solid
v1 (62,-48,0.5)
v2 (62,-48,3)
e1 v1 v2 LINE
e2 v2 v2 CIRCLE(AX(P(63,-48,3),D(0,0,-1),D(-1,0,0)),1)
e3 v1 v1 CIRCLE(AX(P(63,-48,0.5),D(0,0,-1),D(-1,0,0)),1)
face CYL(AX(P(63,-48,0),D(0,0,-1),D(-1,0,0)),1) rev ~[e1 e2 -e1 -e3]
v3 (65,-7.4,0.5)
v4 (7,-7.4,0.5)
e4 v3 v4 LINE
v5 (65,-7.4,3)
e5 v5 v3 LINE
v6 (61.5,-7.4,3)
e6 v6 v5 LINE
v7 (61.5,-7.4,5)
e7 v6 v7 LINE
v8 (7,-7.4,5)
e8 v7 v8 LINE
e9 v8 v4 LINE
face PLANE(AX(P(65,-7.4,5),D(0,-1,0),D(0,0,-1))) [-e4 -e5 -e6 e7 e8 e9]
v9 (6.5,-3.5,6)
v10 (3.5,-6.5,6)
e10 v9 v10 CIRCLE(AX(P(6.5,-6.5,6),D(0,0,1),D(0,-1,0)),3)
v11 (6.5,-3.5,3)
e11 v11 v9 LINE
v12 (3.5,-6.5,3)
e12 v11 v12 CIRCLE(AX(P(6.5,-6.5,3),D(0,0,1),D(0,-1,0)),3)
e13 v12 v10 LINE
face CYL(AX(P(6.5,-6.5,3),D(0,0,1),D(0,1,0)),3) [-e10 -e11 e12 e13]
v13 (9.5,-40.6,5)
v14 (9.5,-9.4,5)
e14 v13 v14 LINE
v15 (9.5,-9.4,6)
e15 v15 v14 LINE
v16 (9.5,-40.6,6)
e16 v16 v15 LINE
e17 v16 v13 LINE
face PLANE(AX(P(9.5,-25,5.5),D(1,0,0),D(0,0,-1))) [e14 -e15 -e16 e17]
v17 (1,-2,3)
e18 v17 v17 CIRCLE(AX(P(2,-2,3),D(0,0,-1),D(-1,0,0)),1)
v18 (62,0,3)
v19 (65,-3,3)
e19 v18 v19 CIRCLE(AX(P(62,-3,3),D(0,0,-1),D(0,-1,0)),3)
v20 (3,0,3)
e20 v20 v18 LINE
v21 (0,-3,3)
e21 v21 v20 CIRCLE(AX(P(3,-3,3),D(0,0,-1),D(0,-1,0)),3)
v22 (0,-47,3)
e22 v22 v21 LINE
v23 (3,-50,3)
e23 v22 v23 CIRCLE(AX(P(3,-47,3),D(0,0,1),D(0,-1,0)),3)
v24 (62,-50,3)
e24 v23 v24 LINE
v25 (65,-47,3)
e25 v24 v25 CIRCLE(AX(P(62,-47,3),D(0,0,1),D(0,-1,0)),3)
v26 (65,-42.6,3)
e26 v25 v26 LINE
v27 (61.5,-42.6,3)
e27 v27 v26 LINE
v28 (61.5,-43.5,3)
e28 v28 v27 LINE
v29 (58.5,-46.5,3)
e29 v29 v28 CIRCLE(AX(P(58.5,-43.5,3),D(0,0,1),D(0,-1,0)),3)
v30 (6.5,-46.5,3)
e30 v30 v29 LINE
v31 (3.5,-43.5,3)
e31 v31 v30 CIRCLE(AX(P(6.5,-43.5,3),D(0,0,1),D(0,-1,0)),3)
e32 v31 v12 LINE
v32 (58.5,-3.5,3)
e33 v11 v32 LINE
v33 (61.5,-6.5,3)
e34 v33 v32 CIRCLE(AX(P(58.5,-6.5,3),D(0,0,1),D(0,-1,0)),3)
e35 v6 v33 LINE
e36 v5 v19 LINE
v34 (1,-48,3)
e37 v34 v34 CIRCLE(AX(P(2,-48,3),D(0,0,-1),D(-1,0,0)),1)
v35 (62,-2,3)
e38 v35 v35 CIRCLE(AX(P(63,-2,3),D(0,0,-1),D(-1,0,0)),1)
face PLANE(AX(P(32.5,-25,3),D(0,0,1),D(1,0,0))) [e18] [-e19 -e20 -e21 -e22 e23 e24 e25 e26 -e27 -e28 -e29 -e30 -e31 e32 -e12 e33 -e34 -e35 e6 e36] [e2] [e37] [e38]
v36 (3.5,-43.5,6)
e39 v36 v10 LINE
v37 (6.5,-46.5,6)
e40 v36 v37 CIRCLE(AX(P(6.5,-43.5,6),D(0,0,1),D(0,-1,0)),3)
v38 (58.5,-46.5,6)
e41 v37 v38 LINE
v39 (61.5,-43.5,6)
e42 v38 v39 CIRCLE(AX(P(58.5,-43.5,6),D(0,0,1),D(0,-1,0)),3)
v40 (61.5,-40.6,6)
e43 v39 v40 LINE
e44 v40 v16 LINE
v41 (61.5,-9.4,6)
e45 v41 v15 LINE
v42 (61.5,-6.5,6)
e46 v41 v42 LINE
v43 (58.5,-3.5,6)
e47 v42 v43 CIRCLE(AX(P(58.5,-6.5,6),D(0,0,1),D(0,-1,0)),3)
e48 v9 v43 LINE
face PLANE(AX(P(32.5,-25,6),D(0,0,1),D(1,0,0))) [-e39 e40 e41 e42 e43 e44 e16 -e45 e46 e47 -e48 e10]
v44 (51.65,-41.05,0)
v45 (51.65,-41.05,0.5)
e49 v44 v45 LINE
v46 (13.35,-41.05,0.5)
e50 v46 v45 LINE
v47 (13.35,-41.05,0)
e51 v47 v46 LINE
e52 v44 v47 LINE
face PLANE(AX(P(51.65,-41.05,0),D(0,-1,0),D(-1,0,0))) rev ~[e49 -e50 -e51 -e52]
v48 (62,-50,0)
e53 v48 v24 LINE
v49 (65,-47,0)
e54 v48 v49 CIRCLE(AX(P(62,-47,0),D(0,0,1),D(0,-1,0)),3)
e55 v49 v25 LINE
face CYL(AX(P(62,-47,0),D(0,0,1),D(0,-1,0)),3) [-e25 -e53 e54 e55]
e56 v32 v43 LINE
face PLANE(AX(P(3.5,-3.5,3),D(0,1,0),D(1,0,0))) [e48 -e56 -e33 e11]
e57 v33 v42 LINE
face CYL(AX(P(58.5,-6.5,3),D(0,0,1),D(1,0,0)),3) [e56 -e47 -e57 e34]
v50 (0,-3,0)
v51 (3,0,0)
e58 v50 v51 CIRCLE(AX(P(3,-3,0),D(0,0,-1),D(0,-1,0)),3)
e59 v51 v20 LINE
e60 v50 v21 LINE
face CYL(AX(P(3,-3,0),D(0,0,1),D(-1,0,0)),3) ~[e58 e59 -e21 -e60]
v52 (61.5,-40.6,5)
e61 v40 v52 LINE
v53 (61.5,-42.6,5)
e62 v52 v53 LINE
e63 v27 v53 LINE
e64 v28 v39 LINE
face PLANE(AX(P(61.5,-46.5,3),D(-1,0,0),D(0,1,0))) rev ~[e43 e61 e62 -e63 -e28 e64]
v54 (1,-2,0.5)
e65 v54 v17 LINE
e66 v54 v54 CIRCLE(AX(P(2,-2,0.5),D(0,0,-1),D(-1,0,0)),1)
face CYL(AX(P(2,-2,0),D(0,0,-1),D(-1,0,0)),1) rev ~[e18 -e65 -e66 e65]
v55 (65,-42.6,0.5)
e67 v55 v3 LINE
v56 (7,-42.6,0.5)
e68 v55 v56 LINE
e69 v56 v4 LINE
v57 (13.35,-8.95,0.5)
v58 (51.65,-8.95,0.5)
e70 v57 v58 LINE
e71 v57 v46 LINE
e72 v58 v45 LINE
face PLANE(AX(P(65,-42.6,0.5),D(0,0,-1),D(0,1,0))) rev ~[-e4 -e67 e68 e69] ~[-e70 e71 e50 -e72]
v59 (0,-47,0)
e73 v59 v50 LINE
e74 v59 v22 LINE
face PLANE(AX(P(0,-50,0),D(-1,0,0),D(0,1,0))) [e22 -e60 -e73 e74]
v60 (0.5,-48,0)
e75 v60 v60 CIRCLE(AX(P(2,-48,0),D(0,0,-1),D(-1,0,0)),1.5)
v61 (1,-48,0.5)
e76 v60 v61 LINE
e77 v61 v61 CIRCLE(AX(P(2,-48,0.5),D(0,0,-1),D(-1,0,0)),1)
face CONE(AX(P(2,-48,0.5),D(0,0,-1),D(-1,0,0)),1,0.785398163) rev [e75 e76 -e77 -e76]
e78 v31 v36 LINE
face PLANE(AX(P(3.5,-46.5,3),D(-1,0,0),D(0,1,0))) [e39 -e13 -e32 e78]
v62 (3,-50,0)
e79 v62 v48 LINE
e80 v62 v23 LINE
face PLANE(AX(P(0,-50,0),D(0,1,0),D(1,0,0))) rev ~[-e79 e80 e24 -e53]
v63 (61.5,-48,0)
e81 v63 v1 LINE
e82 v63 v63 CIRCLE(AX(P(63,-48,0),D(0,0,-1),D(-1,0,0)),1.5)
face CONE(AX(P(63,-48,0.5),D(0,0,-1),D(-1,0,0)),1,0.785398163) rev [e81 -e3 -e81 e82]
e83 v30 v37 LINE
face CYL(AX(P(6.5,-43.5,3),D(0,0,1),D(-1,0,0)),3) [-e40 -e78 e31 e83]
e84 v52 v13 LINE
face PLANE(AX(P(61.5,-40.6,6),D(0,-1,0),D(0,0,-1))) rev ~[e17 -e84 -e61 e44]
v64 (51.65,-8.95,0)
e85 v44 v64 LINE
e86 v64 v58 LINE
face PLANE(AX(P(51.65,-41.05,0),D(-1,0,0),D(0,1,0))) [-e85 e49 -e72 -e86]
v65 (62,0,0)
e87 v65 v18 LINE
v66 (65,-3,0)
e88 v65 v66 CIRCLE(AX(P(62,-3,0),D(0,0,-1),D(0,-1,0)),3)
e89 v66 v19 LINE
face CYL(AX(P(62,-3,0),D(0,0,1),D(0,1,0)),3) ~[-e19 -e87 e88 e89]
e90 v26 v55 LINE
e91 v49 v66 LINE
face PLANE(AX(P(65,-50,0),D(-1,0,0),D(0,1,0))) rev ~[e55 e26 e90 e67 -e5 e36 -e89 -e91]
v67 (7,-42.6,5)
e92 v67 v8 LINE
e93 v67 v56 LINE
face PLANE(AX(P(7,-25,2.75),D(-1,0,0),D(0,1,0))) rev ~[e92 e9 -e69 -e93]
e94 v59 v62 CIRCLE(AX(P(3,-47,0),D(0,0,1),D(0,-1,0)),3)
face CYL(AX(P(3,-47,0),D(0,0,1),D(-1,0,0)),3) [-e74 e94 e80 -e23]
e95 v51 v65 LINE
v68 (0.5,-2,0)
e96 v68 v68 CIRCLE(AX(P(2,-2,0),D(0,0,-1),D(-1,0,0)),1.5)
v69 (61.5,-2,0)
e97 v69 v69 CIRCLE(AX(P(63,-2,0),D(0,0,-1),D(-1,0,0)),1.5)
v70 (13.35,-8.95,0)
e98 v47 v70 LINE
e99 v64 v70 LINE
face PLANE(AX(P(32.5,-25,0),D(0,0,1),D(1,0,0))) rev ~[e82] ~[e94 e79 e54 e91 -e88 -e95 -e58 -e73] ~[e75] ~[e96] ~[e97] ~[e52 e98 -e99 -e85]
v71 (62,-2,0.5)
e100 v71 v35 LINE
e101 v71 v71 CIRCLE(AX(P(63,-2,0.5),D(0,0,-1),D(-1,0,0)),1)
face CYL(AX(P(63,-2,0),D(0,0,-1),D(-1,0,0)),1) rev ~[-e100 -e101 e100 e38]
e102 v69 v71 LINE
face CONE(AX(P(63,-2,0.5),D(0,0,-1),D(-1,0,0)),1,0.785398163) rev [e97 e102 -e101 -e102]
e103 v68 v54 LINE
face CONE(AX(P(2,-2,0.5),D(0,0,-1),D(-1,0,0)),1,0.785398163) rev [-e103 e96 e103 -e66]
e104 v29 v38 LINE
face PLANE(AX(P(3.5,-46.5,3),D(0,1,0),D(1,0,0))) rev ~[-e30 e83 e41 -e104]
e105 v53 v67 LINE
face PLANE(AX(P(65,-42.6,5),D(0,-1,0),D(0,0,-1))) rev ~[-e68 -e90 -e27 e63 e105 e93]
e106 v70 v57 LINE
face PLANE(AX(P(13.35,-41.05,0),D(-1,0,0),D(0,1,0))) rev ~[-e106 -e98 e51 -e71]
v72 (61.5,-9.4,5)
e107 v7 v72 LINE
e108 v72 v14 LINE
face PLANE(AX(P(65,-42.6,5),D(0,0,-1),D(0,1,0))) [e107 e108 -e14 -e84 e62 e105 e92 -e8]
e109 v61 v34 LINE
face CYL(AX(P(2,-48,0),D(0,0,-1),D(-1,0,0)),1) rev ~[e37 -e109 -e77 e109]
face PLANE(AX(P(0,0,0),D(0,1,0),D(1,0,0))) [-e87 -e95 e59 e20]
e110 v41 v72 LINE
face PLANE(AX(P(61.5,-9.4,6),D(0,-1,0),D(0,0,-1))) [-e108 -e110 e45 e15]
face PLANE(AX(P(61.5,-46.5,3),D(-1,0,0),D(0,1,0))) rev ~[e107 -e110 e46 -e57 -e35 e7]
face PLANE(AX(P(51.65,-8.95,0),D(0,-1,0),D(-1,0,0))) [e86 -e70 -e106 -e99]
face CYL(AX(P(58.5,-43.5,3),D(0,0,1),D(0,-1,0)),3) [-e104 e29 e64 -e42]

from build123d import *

# Parameters (mm, degrees)
SKIZZE1_W                       = 65
SKIZZE1_H                       = 50
AUFSATZ_LINEAR_AUSTRAGEN1_DEPTH = 3
SKIZZE2_W                       = 58
SKIZZE2_H                       = 43
AUFSATZ_LINEAR_AUSTRAGEN2_DEPTH = 3
SKIZZE7_W                       = 35.2
SKIZZE7_H                       = 4.5
SCHNITT_LINEAR_AUSTRAGEN2_DEPTH = 58
SKIZZE9_W                       = 1
SKIZZE9_H                       = 31.2
SCHNITT_LINEAR_AUSTRAGEN3_DEPTH = 52
SCHNITT_LINEAR_AUSTRAGEN4_REACH = 8
SKIZZE10_W                      = 38.3
SKIZZE10_H                      = 32.1
VERRUNDUNG2_R                   = 3
SKIZZE11_R                      = 1
SCHNITT_LINEAR_AUSTRAGEN5_DEPTH = 7
FASE1_SIZE                      = 0.5


with BuildPart() as part:
    # Skizze1 → Aufsatz-Linear austragen1 (new body)
    with BuildSketch(Plane.XY):
        with Locations((32.5, -25)):
            Rectangle(SKIZZE1_W, SKIZZE1_H)
    extrude(amount=AUFSATZ_LINEAR_AUSTRAGEN1_DEPTH)

    # Skizze2 → Aufsatz-Linear austragen2 (add)
    with BuildSketch(Plane.XY.offset(3)):
        with Locations((32.5, -25)):
            Rectangle(SKIZZE2_W, SKIZZE2_H)
    extrude(amount=AUFSATZ_LINEAR_AUSTRAGEN2_DEPTH)

    # Skizze7 → Schnitt-Linear austragen2 (cut)
    with BuildSketch(Plane(origin=(65, -65, 0), x_dir=(0, 1, 0), z_dir=(-1, 0, 0))):
        with Locations((40, -2.75)):
            Rectangle(SKIZZE7_W, SKIZZE7_H)
    extrude(amount=SCHNITT_LINEAR_AUSTRAGEN2_DEPTH, mode=Mode.SUBTRACT)

    # Skizze9 → Schnitt-Linear austragen3 (cut)
    with BuildSketch(Plane(origin=(61.5, 0, 0), x_dir=(0, 0, -1), z_dir=(1, 0, 0))):
        with Locations((-5.5, -25)):
            Rectangle(SKIZZE9_W, SKIZZE9_H)
    extrude(amount=-SCHNITT_LINEAR_AUSTRAGEN3_DEPTH, mode=Mode.SUBTRACT)

    # Skizze10 → Schnitt-Linear austragen4 (cut, up to next)
    with BuildSketch(Plane(origin=(0, 0, 0), x_dir=(-1, 0, 0), z_dir=(0, 0, -1)), mode=Mode.PRIVATE) as schnitt_linear_austragen4_sk1:
        with Locations((-32.5, -25)):
            Rectangle(SKIZZE10_W, SKIZZE10_H)
    schnitt_linear_austragen4_tool1 = extrude(schnitt_linear_austragen4_sk1.sketch, amount=-SCHNITT_LINEAR_AUSTRAGEN4_REACH, mode=Mode.PRIVATE) & part.part
    add(schnitt_linear_austragen4_tool1.solids().sort_by_distance((32.5, -25, 0))[0], mode=Mode.SUBTRACT)

    # Verrundung2
    verrundung2_edges = [part.edges().sort_by_distance(p)[0] for p in [
        (61.5, -3.5, 4.5),
        (3.5, -3.5, 4.5),
        (3.5, -46.5, 4.5),
        (61.5, -46.5, 4.5),
        (0, 0, 1.5),
        (65, 0, 1.5),
        (65, -50, 1.5),
        (0, -50, 1.5),
    ]]
    fillet(verrundung2_edges, radius=VERRUNDUNG2_R)

    # Skizze11 → Schnitt-Linear austragen5 (cut, through all)
    with BuildSketch(Plane(origin=(0, 0, 0), x_dir=(-1, 0, 0), z_dir=(0, 0, -1))):
        with Locations((-63, -2)):
            Circle(SKIZZE11_R)
        with Locations((-2, -2)):
            Circle(SKIZZE11_R)
        with Locations((-2, -48)):
            Circle(SKIZZE11_R)
        with Locations((-63, -48)):
            Circle(SKIZZE11_R)
    extrude(amount=-SCHNITT_LINEAR_AUSTRAGEN5_DEPTH, mode=Mode.SUBTRACT)

    # Fase1
    fase1_edges = [part.edges().sort_by_distance(p)[0] for p in [
        (64, -2, 0),
        (3, -2, 0),
        (3, -48, 0),
        (64, -48, 0),
    ]]
    chamfer(fase1_edges, length=FASE1_SIZE)


solid = part.part
